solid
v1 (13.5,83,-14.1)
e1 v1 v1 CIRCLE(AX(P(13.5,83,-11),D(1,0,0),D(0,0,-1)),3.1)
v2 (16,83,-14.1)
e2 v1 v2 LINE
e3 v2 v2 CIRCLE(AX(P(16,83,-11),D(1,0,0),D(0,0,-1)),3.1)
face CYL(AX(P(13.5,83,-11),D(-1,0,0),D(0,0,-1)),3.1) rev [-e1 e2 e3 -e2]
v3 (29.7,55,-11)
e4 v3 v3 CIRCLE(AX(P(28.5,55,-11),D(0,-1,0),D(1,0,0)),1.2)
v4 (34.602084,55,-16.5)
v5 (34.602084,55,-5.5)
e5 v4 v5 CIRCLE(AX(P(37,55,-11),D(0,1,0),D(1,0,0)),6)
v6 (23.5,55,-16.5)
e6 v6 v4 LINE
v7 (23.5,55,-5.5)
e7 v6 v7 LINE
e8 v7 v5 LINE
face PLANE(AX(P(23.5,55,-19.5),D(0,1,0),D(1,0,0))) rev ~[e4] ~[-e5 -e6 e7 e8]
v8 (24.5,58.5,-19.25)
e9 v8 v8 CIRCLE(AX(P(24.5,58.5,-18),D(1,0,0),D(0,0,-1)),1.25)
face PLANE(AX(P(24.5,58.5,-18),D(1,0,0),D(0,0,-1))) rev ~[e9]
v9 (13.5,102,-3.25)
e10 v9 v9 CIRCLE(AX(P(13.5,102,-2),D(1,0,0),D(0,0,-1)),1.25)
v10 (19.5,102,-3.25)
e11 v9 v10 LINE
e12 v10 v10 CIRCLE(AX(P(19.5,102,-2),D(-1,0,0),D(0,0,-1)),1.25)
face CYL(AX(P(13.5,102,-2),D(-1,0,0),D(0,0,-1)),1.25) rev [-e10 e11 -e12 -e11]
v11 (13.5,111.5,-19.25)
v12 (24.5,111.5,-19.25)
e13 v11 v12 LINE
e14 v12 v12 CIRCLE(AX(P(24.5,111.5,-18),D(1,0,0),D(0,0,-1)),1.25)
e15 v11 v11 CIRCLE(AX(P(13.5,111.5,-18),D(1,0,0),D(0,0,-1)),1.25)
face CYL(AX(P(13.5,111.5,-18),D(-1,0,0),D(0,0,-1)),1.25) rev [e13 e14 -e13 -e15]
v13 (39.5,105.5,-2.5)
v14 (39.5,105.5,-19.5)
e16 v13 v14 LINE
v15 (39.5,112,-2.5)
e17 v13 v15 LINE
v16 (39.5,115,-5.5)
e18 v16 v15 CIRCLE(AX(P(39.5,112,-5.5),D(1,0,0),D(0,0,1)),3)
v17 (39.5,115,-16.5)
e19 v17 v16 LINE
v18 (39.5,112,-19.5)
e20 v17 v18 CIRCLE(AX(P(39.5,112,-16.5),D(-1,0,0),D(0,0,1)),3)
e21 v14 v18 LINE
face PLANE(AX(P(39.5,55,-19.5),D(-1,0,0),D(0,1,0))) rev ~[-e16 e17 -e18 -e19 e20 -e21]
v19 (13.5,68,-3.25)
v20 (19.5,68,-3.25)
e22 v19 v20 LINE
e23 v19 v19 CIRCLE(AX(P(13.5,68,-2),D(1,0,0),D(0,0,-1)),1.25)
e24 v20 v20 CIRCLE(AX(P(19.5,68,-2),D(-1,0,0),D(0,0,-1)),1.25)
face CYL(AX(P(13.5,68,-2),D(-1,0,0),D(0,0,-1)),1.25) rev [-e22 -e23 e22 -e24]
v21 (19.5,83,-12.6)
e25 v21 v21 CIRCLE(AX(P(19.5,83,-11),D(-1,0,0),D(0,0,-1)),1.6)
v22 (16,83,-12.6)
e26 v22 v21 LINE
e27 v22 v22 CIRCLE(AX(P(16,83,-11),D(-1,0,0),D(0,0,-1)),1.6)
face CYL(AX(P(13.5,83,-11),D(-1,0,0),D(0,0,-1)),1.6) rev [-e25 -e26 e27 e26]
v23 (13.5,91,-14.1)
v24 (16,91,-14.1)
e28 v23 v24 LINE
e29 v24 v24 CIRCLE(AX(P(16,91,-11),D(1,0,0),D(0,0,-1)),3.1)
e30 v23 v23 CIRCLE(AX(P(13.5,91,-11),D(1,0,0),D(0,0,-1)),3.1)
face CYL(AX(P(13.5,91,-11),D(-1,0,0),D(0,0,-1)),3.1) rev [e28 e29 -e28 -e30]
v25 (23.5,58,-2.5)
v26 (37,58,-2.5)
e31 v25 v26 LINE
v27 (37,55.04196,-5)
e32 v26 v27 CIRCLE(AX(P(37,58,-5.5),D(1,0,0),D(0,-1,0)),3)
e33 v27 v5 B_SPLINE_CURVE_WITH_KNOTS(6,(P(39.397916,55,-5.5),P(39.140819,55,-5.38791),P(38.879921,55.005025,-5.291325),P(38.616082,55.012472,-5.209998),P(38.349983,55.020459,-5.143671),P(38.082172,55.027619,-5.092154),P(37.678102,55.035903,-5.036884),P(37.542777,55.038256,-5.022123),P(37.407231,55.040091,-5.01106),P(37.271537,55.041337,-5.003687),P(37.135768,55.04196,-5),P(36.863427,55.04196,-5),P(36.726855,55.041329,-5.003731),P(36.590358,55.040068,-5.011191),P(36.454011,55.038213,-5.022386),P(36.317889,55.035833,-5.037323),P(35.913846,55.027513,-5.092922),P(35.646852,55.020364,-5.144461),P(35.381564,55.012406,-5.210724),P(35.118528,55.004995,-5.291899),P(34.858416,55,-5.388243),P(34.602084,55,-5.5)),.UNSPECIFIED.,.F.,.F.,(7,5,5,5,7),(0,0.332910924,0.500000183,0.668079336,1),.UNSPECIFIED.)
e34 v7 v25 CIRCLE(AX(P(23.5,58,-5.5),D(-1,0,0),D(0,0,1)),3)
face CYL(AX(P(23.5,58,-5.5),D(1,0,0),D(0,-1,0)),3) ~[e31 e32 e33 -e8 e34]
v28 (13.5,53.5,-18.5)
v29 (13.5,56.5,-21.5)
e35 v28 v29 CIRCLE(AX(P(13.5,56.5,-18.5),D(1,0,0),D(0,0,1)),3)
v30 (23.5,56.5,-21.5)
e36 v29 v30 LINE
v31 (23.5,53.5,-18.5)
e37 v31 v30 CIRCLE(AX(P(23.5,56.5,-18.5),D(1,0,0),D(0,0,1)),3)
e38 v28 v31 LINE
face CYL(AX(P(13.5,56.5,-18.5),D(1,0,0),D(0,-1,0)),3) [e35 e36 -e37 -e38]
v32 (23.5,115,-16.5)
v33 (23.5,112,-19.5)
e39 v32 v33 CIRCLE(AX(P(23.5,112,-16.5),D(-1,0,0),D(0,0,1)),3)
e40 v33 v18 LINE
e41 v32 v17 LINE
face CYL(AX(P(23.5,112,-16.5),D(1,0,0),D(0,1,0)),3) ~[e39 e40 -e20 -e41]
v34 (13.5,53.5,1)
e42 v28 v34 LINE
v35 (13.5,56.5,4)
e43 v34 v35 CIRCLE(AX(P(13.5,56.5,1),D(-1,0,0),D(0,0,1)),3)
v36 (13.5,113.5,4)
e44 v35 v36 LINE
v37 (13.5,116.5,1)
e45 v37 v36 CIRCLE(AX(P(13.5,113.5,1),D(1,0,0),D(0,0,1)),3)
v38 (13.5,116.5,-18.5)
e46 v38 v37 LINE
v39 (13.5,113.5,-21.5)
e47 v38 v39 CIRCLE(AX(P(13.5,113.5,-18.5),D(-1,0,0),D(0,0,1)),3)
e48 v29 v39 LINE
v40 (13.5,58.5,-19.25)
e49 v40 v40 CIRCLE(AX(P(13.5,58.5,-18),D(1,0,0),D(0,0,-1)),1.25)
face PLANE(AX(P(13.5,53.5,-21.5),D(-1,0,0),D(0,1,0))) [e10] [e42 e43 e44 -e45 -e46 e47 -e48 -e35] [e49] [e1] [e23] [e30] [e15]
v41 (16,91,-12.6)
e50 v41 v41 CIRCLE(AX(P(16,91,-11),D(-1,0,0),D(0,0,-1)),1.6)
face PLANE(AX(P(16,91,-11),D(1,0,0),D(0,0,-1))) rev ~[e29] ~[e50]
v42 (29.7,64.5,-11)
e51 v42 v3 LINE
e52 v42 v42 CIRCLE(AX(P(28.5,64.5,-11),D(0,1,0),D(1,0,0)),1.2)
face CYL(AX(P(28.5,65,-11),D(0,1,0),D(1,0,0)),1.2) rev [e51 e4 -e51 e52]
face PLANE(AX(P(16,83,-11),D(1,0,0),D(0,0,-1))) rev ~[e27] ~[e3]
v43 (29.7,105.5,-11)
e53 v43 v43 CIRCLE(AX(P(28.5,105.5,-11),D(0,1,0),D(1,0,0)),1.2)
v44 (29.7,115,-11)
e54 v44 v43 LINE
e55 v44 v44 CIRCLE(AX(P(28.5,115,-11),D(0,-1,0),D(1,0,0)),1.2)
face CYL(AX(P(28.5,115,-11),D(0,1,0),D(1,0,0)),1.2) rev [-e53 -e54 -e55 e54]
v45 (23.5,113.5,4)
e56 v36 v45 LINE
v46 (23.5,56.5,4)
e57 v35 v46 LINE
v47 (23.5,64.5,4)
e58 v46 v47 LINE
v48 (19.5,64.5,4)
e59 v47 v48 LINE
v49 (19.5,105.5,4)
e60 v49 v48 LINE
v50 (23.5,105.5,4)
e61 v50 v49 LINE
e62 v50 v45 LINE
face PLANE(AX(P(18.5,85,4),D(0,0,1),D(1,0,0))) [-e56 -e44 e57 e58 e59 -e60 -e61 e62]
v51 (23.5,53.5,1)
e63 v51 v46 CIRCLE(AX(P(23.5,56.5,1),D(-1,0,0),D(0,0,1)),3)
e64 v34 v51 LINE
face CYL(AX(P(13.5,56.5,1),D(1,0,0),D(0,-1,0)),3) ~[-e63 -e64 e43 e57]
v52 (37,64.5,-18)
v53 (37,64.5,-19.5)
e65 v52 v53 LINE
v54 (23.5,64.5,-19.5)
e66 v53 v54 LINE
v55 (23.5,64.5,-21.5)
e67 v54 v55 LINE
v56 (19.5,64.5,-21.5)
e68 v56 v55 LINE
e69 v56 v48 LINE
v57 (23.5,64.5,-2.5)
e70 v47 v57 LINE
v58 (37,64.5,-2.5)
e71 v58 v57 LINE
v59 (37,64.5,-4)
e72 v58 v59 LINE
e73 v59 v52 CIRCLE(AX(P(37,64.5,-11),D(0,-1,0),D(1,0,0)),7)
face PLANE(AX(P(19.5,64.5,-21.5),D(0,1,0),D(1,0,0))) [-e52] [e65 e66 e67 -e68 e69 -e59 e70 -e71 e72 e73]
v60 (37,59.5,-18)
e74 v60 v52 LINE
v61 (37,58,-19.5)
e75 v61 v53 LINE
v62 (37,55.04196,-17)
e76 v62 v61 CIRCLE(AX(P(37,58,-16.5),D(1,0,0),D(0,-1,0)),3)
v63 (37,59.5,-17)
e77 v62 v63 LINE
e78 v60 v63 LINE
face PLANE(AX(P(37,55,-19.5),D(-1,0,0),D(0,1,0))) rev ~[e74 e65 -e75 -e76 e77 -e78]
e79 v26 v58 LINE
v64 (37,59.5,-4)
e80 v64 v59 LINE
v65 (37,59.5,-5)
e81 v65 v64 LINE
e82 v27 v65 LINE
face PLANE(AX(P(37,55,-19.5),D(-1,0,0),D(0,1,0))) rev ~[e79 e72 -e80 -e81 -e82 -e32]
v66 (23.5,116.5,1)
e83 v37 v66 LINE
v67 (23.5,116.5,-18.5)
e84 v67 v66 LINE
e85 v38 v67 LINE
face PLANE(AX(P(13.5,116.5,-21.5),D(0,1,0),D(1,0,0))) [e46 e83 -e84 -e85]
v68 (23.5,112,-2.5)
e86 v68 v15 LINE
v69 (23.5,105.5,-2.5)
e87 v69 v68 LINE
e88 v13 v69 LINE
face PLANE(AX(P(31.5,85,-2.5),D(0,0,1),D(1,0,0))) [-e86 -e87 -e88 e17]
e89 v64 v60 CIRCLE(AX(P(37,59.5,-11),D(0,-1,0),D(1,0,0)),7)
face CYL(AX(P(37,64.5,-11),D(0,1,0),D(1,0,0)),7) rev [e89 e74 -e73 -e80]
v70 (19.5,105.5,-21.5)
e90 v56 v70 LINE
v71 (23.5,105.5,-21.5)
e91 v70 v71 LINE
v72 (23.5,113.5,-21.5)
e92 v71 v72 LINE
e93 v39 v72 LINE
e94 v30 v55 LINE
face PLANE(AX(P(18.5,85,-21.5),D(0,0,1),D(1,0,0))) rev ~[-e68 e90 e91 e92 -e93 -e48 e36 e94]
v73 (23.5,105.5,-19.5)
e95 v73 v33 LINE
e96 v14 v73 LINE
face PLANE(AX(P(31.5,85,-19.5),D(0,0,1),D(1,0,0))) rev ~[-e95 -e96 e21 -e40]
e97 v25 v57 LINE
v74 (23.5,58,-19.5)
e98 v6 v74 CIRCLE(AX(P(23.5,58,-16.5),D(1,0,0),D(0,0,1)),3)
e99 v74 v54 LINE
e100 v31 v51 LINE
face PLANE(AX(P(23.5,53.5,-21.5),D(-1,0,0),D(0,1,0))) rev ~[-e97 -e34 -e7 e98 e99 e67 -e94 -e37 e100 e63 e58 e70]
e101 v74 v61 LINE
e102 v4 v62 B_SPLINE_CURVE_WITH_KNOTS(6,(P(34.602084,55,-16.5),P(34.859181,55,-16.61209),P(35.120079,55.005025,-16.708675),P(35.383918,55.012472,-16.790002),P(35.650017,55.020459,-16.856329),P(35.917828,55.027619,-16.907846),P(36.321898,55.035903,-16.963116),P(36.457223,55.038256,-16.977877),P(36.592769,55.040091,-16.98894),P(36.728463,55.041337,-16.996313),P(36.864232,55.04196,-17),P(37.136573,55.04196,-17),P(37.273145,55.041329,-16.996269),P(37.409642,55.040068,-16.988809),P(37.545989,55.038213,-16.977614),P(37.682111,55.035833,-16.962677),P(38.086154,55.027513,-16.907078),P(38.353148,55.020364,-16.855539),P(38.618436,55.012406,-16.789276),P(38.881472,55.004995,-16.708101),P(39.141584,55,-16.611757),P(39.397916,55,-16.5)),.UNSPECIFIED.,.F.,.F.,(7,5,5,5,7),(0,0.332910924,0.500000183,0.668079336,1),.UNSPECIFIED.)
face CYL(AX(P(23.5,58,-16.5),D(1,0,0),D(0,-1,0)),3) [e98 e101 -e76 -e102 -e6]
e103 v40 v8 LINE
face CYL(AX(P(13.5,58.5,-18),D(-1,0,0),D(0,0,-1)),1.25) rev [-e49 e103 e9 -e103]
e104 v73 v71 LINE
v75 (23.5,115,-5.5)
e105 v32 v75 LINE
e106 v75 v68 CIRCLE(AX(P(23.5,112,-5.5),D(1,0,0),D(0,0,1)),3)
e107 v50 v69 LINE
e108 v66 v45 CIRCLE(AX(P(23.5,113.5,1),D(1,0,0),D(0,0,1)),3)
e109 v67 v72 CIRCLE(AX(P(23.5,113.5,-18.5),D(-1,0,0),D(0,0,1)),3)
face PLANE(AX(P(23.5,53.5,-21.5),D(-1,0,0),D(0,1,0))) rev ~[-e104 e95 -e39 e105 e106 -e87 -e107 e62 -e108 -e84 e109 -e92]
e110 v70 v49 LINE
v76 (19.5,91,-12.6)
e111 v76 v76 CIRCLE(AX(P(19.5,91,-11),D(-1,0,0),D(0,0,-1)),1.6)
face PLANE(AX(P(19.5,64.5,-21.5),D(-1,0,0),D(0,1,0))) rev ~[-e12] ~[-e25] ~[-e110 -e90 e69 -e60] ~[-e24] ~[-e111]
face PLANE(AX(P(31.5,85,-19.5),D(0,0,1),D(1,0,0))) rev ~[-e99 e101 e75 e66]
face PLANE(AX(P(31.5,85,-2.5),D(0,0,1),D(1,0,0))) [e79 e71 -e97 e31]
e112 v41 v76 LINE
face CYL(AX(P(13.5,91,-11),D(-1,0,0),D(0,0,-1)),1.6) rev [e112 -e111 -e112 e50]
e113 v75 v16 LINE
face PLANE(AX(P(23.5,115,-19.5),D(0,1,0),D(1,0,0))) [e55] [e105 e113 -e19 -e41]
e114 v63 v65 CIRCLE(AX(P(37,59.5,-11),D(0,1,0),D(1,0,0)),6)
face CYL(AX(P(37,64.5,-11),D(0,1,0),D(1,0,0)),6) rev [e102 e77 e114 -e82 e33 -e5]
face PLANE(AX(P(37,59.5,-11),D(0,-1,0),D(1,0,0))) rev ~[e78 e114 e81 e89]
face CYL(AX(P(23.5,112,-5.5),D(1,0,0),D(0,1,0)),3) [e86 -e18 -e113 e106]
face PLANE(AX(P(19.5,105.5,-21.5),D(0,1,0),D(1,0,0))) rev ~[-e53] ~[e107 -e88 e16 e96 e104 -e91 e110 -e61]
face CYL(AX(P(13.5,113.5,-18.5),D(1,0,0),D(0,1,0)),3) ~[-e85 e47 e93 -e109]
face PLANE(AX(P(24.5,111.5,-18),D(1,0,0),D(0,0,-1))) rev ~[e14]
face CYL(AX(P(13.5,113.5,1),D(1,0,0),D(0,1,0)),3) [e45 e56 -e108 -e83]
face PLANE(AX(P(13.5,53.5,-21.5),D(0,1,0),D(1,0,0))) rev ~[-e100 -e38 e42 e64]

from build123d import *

# Parameters (mm, degrees)
CYLINDER959_R           = 1.6
CYLINDER959_DEPTH       = 10
CYLINDER959_PITCH_ANGLE = 90
CYLINDER960_R           = 1.6
CYLINDER960_DEPTH       = 10
CYLINDER960_PITCH_ANGLE = 90
CYLINDER962_R           = 3.1
CYLINDER962_DEPTH       = 2.5
CYLINDER962_PITCH_ANGLE = 90
CYLINDER961_R           = 3.1
CYLINDER961_DEPTH       = 2.5
CYLINDER961_PITCH_ANGLE = 90
BOX562_W                = 41
BOX562_H                = 41
BOX562_DEPTH            = 26
CYLINDER958_R           = 6
CYLINDER958_DEPTH       = 11
CYLINDER958_ROLL_ANGLE  = 90
CYLINDER963_R           = 7
CYLINDER963_DEPTH       = 5
CYLINDER963_ROLL_ANGLE  = 90
BOX563_W                = 10
BOX563_H                = 10
BOX563_DEPTH            = 17
CYLINDER953_R           = 1.2
CYLINDER953_DEPTH       = 10
CYLINDER953_ROLL_ANGLE  = 90
CYLINDER952_R           = 1.2
CYLINDER952_DEPTH       = 10
CYLINDER952_ROLL_ANGLE  = 90
CYLINDER957_R           = 1.25
CYLINDER957_DEPTH       = 15
CYLINDER957_PITCH_ANGLE = 90
CYLINDER955_R           = 1.25
CYLINDER955_DEPTH       = 11
CYLINDER955_PITCH_ANGLE = 90
CYLINDER956_R           = 1.25
CYLINDER956_DEPTH       = 15
CYLINDER956_PITCH_ANGLE = 90
CYLINDER954_R           = 1.25
CYLINDER954_DEPTH       = 11
CYLINDER954_PITCH_ANGLE = 90
BOX561_W                = 10
BOX561_H                = 63
BOX561_DEPTH            = 25.5
FILLET358_R             = 3
BOX560_W                = 16
BOX560_H                = 60
BOX560_DEPTH            = 17
FILLET359_R             = 3


with BuildPart() as cylinder1122:
    # Cylinder959 → Cylinder959 (new body)
    with BuildSketch(Plane.XY):
        Circle(CYLINDER959_R)
    extrude(amount=CYLINDER959_DEPTH)


with BuildPart() as cylinder1122_1:
    # Cylinder959 pitch: moved
    add(cylinder1122.part.rotate(Axis((0, 0, 0), (0, 1, 0)), CYLINDER959_PITCH_ANGLE))


with BuildPart() as cylinder1122_2:
    # Cylinder959 placement: moved
    add(cylinder1122_1.part.moved(Location((13.5, 83, -11))))


with BuildPart() as cylinder1123:
    # Cylinder960 → Cylinder960 (new body)
    with BuildSketch(Plane.XY):
        Circle(CYLINDER960_R)
    extrude(amount=CYLINDER960_DEPTH)


with BuildPart() as cylinder1123_1:
    # Cylinder960 pitch: moved
    add(cylinder1123.part.rotate(Axis((0, 0, 0), (0, 1, 0)), CYLINDER960_PITCH_ANGLE))


with BuildPart() as cylinder1123_2:
    # Cylinder960 placement: moved
    add(cylinder1123_1.part.moved(Location((13.5, 91, -11))))


with BuildPart() as cylinder1125:
    # Cylinder962 → Cylinder962 (new body)
    with BuildSketch(Plane.XY):
        Circle(CYLINDER962_R)
    extrude(amount=CYLINDER962_DEPTH)


with BuildPart() as cylinder1125_1:
    # Cylinder962 pitch: moved
    add(cylinder1125.part.rotate(Axis((0, 0, 0), (0, 1, 0)), CYLINDER962_PITCH_ANGLE))


with BuildPart() as cylinder1125_2:
    # Cylinder962 placement: moved
    add(cylinder1125_1.part.moved(Location((13.5, 83, -11))))


with BuildPart() as fusion603:
    # Cylinder961 → Cylinder961 (new body)
    with BuildSketch(Plane.XY):
        Circle(CYLINDER961_R)
    extrude(amount=CYLINDER961_DEPTH)


with BuildPart() as fusion603_1:
    # Cylinder961 pitch: moved
    add(fusion603.part.rotate(Axis((0, 0, 0), (0, 1, 0)), CYLINDER961_PITCH_ANGLE))


with BuildPart() as fusion603_2:
    # Cylinder961 placement: moved
    add(fusion603_1.part.moved(Location((13.5, 91, -11))))

    # Fusion603: union Cylinder1122, Cylinder1123, Cylinder1125
    add(cylinder1122_2.part)
    add(cylinder1123_2.part)
    add(cylinder1125_2.part)


with BuildPart() as cube753:
    # Box562 → Box562 (new body)
    with BuildSketch(Plane(origin=(19.5, 64.5, -21.5), x_dir=(1, 0, 0), z_dir=(0, 0, 1))):
        with Locations((20.5, 20.5)):
            Rectangle(BOX562_W, BOX562_H)
    extrude(amount=BOX562_DEPTH)


with BuildPart() as cylinder1121:
    # Cylinder958 → Cylinder958 (new body)
    with BuildSketch(Plane.XY):
        Circle(CYLINDER958_R)
    extrude(amount=CYLINDER958_DEPTH)


with BuildPart() as cylinder1121_1:
    # Cylinder958 roll: moved
    add(cylinder1121.part.rotate(Axis((0, 0, 0), (1, 0, 0)), CYLINDER958_ROLL_ANGLE))


with BuildPart() as cylinder1121_2:
    # Cylinder958 placement: moved
    add(cylinder1121_1.part.moved(Location((37, 64.5, -11))))


with BuildPart() as cylinder1126:
    # Cylinder963 → Cylinder963 (new body)
    with BuildSketch(Plane.XY):
        Circle(CYLINDER963_R)
    extrude(amount=CYLINDER963_DEPTH)


with BuildPart() as cylinder1126_1:
    # Cylinder963 roll: moved
    add(cylinder1126.part.rotate(Axis((0, 0, 0), (1, 0, 0)), CYLINDER963_ROLL_ANGLE))


with BuildPart() as cylinder1126_2:
    # Cylinder963 placement: moved
    add(cylinder1126_1.part.moved(Location((37, 64.5, -11))))


with BuildPart() as fusion604:
    # Box563 → Box563 (new body)
    with BuildSketch(Plane(origin=(37, 55, -19.5), x_dir=(1, 0, 0), z_dir=(0, 0, 1))):
        with Locations((5, 5)):
            Rectangle(BOX563_W, BOX563_H)
    extrude(amount=BOX563_DEPTH)

    # Fusion604: union Cube753, Cylinder1121, Cylinder1126
    add(cube753.part)
    add(cylinder1121_2.part)
    add(cylinder1126_2.part)


with BuildPart() as cylinder1116:
    # Cylinder953 → Cylinder953 (new body)
    with BuildSketch(Plane.XY):
        Circle(CYLINDER953_R)
    extrude(amount=CYLINDER953_DEPTH)


with BuildPart() as cylinder1116_1:
    # Cylinder953 roll: moved
    add(cylinder1116.part.rotate(Axis((0, 0, 0), (1, 0, 0)), CYLINDER953_ROLL_ANGLE))


with BuildPart() as cylinder1116_2:
    # Cylinder953 placement: moved
    add(cylinder1116_1.part.moved(Location((3, 10, 10))))


with BuildPart() as fusion600:
    # Cylinder952 → Cylinder952 (new body)
    with BuildSketch(Plane.XY):
        Circle(CYLINDER952_R)
    extrude(amount=CYLINDER952_DEPTH)


with BuildPart() as fusion600_1:
    # Cylinder952 roll: moved
    add(fusion600.part.rotate(Axis((0, 0, 0), (1, 0, 0)), CYLINDER952_ROLL_ANGLE))


with BuildPart() as fusion600_2:
    # Cylinder952 placement: moved
    add(fusion600_1.part.moved(Location((3, 60, 10))))

    # Fusion600: union Cylinder1116
    add(cylinder1116_2.part)


with BuildPart() as fusion600_3:
    # Fusion600 placement: moved
    add(fusion600_2.part.moved(Location((0, 0, 2))))


with BuildPart() as cylinder1120:
    # Cylinder957 → Cylinder957 (new body)
    with BuildSketch(Plane.XY):
        Circle(CYLINDER957_R)
    extrude(amount=CYLINDER957_DEPTH)


with BuildPart() as cylinder1120_1:
    # Cylinder957 pitch: moved
    add(cylinder1120.part.rotate(Axis((0, 0, 0), (0, 1, 0)), CYLINDER957_PITCH_ANGLE))


with BuildPart() as cylinder1120_2:
    # Cylinder957 placement: moved
    add(cylinder1120_1.part.moved(Location((-2, 23, 20))))


with BuildPart() as cylinder1118:
    # Cylinder955 → Cylinder955 (new body)
    with BuildSketch(Plane.XY):
        Circle(CYLINDER955_R)
    extrude(amount=CYLINDER955_DEPTH)


with BuildPart() as cylinder1118_1:
    # Cylinder955 pitch: moved
    add(cylinder1118.part.rotate(Axis((0, 0, 0), (0, 1, 0)), CYLINDER955_PITCH_ANGLE))


with BuildPart() as cylinder1118_2:
    # Cylinder955 placement: moved
    add(cylinder1118_1.part.moved(Location((-2, 13.5, 4))))


with BuildPart() as cylinder1119:
    # Cylinder956 → Cylinder956 (new body)
    with BuildSketch(Plane.XY):
        Circle(CYLINDER956_R)
    extrude(amount=CYLINDER956_DEPTH)


with BuildPart() as cylinder1119_1:
    # Cylinder956 pitch: moved
    add(cylinder1119.part.rotate(Axis((0, 0, 0), (0, 1, 0)), CYLINDER956_PITCH_ANGLE))


with BuildPart() as cylinder1119_2:
    # Cylinder956 placement: moved
    add(cylinder1119_1.part.moved(Location((-2, 57, 20))))


with BuildPart() as fusion601:
    # Cylinder954 → Cylinder954 (new body)
    with BuildSketch(Plane.XY):
        Circle(CYLINDER954_R)
    extrude(amount=CYLINDER954_DEPTH)


with BuildPart() as fusion601_1:
    # Cylinder954 pitch: moved
    add(fusion601.part.rotate(Axis((0, 0, 0), (0, 1, 0)), CYLINDER954_PITCH_ANGLE))


with BuildPart() as fusion601_2:
    # Cylinder954 placement: moved
    add(fusion601_1.part.moved(Location((-2, 66.5, 4))))

    # Fusion599: union Cylinder1120, Cylinder1118, Cylinder1119
    add(cylinder1120_2.part)
    add(cylinder1118_2.part)
    add(cylinder1119_2.part)


with BuildPart() as fusion601_3:
    # Fusion599 placement: moved
    add(fusion601_2.part.moved(Location((-10, -10, 1))))

    # Fusion601: union Fusion600
    add(fusion600_3.part)


with BuildPart() as fusion601_4:
    # Fusion601 placement: moved
    add(fusion601_3.part.moved(Location((25.5, 55, -23))))


with BuildPart() as fillet358:
    # Box561 → Box561 (new body)
    with BuildSketch(Plane(origin=(-12, 0, -5), x_dir=(1, 0, 0), z_dir=(0, 0, 1))):
        with Locations((5, 31.5)):
            Rectangle(BOX561_W, BOX561_H)
    extrude(amount=BOX561_DEPTH)

    # Fillet358
    fillet358_edges = [fillet358.edges().sort_by_distance(p)[0] for p in [
        (-7, 0, -5),
        (-7, 0, 20.5),
        (-7, 63, -5),
        (-7, 63, 20.5),
    ]]
    fillet(fillet358_edges, radius=FILLET358_R)


with BuildPart() as fillet358_1:
    # Fillet358 placement: moved
    add(fillet358.part.moved(Location((25.5, 53.5, -16.5))))


with BuildPart() as cross_member_front_lifted:
    # Box560 → Box560 (new body)
    with BuildSketch(Plane(origin=(-2, 0, 1.5), x_dir=(1, 0, 0), z_dir=(0, 0, 1))):
        with Locations((8, 30)):
            Rectangle(BOX560_W, BOX560_H)
    extrude(amount=BOX560_DEPTH)

    # Fillet359
    fillet359_edges = [cross_member_front_lifted.edges().sort_by_distance(p)[0] for p in [
        (6, 0, 1.5),
        (6, 0, 18.5),
        (6, 60, 1.5),
        (6, 60, 18.5),
    ]]
    fillet(fillet359_edges, radius=FILLET359_R)


with BuildPart() as cross_member_front_lifted_1:
    # Fillet359 placement: moved
    add(cross_member_front_lifted.part.moved(Location((25.5, 55, -21))))

    # Fusion605: union Fillet358
    add(fillet358_1.part)

    # Cut698: cut Fusion601
    add(fusion601_4.part, mode=Mode.SUBTRACT)

    # Cut699: cut Fusion604
    add(fusion604.part, mode=Mode.SUBTRACT)

    # Cut700: cut Fusion603
    add(fusion603_2.part, mode=Mode.SUBTRACT)


solid = cross_member_front_lifted_1.part
